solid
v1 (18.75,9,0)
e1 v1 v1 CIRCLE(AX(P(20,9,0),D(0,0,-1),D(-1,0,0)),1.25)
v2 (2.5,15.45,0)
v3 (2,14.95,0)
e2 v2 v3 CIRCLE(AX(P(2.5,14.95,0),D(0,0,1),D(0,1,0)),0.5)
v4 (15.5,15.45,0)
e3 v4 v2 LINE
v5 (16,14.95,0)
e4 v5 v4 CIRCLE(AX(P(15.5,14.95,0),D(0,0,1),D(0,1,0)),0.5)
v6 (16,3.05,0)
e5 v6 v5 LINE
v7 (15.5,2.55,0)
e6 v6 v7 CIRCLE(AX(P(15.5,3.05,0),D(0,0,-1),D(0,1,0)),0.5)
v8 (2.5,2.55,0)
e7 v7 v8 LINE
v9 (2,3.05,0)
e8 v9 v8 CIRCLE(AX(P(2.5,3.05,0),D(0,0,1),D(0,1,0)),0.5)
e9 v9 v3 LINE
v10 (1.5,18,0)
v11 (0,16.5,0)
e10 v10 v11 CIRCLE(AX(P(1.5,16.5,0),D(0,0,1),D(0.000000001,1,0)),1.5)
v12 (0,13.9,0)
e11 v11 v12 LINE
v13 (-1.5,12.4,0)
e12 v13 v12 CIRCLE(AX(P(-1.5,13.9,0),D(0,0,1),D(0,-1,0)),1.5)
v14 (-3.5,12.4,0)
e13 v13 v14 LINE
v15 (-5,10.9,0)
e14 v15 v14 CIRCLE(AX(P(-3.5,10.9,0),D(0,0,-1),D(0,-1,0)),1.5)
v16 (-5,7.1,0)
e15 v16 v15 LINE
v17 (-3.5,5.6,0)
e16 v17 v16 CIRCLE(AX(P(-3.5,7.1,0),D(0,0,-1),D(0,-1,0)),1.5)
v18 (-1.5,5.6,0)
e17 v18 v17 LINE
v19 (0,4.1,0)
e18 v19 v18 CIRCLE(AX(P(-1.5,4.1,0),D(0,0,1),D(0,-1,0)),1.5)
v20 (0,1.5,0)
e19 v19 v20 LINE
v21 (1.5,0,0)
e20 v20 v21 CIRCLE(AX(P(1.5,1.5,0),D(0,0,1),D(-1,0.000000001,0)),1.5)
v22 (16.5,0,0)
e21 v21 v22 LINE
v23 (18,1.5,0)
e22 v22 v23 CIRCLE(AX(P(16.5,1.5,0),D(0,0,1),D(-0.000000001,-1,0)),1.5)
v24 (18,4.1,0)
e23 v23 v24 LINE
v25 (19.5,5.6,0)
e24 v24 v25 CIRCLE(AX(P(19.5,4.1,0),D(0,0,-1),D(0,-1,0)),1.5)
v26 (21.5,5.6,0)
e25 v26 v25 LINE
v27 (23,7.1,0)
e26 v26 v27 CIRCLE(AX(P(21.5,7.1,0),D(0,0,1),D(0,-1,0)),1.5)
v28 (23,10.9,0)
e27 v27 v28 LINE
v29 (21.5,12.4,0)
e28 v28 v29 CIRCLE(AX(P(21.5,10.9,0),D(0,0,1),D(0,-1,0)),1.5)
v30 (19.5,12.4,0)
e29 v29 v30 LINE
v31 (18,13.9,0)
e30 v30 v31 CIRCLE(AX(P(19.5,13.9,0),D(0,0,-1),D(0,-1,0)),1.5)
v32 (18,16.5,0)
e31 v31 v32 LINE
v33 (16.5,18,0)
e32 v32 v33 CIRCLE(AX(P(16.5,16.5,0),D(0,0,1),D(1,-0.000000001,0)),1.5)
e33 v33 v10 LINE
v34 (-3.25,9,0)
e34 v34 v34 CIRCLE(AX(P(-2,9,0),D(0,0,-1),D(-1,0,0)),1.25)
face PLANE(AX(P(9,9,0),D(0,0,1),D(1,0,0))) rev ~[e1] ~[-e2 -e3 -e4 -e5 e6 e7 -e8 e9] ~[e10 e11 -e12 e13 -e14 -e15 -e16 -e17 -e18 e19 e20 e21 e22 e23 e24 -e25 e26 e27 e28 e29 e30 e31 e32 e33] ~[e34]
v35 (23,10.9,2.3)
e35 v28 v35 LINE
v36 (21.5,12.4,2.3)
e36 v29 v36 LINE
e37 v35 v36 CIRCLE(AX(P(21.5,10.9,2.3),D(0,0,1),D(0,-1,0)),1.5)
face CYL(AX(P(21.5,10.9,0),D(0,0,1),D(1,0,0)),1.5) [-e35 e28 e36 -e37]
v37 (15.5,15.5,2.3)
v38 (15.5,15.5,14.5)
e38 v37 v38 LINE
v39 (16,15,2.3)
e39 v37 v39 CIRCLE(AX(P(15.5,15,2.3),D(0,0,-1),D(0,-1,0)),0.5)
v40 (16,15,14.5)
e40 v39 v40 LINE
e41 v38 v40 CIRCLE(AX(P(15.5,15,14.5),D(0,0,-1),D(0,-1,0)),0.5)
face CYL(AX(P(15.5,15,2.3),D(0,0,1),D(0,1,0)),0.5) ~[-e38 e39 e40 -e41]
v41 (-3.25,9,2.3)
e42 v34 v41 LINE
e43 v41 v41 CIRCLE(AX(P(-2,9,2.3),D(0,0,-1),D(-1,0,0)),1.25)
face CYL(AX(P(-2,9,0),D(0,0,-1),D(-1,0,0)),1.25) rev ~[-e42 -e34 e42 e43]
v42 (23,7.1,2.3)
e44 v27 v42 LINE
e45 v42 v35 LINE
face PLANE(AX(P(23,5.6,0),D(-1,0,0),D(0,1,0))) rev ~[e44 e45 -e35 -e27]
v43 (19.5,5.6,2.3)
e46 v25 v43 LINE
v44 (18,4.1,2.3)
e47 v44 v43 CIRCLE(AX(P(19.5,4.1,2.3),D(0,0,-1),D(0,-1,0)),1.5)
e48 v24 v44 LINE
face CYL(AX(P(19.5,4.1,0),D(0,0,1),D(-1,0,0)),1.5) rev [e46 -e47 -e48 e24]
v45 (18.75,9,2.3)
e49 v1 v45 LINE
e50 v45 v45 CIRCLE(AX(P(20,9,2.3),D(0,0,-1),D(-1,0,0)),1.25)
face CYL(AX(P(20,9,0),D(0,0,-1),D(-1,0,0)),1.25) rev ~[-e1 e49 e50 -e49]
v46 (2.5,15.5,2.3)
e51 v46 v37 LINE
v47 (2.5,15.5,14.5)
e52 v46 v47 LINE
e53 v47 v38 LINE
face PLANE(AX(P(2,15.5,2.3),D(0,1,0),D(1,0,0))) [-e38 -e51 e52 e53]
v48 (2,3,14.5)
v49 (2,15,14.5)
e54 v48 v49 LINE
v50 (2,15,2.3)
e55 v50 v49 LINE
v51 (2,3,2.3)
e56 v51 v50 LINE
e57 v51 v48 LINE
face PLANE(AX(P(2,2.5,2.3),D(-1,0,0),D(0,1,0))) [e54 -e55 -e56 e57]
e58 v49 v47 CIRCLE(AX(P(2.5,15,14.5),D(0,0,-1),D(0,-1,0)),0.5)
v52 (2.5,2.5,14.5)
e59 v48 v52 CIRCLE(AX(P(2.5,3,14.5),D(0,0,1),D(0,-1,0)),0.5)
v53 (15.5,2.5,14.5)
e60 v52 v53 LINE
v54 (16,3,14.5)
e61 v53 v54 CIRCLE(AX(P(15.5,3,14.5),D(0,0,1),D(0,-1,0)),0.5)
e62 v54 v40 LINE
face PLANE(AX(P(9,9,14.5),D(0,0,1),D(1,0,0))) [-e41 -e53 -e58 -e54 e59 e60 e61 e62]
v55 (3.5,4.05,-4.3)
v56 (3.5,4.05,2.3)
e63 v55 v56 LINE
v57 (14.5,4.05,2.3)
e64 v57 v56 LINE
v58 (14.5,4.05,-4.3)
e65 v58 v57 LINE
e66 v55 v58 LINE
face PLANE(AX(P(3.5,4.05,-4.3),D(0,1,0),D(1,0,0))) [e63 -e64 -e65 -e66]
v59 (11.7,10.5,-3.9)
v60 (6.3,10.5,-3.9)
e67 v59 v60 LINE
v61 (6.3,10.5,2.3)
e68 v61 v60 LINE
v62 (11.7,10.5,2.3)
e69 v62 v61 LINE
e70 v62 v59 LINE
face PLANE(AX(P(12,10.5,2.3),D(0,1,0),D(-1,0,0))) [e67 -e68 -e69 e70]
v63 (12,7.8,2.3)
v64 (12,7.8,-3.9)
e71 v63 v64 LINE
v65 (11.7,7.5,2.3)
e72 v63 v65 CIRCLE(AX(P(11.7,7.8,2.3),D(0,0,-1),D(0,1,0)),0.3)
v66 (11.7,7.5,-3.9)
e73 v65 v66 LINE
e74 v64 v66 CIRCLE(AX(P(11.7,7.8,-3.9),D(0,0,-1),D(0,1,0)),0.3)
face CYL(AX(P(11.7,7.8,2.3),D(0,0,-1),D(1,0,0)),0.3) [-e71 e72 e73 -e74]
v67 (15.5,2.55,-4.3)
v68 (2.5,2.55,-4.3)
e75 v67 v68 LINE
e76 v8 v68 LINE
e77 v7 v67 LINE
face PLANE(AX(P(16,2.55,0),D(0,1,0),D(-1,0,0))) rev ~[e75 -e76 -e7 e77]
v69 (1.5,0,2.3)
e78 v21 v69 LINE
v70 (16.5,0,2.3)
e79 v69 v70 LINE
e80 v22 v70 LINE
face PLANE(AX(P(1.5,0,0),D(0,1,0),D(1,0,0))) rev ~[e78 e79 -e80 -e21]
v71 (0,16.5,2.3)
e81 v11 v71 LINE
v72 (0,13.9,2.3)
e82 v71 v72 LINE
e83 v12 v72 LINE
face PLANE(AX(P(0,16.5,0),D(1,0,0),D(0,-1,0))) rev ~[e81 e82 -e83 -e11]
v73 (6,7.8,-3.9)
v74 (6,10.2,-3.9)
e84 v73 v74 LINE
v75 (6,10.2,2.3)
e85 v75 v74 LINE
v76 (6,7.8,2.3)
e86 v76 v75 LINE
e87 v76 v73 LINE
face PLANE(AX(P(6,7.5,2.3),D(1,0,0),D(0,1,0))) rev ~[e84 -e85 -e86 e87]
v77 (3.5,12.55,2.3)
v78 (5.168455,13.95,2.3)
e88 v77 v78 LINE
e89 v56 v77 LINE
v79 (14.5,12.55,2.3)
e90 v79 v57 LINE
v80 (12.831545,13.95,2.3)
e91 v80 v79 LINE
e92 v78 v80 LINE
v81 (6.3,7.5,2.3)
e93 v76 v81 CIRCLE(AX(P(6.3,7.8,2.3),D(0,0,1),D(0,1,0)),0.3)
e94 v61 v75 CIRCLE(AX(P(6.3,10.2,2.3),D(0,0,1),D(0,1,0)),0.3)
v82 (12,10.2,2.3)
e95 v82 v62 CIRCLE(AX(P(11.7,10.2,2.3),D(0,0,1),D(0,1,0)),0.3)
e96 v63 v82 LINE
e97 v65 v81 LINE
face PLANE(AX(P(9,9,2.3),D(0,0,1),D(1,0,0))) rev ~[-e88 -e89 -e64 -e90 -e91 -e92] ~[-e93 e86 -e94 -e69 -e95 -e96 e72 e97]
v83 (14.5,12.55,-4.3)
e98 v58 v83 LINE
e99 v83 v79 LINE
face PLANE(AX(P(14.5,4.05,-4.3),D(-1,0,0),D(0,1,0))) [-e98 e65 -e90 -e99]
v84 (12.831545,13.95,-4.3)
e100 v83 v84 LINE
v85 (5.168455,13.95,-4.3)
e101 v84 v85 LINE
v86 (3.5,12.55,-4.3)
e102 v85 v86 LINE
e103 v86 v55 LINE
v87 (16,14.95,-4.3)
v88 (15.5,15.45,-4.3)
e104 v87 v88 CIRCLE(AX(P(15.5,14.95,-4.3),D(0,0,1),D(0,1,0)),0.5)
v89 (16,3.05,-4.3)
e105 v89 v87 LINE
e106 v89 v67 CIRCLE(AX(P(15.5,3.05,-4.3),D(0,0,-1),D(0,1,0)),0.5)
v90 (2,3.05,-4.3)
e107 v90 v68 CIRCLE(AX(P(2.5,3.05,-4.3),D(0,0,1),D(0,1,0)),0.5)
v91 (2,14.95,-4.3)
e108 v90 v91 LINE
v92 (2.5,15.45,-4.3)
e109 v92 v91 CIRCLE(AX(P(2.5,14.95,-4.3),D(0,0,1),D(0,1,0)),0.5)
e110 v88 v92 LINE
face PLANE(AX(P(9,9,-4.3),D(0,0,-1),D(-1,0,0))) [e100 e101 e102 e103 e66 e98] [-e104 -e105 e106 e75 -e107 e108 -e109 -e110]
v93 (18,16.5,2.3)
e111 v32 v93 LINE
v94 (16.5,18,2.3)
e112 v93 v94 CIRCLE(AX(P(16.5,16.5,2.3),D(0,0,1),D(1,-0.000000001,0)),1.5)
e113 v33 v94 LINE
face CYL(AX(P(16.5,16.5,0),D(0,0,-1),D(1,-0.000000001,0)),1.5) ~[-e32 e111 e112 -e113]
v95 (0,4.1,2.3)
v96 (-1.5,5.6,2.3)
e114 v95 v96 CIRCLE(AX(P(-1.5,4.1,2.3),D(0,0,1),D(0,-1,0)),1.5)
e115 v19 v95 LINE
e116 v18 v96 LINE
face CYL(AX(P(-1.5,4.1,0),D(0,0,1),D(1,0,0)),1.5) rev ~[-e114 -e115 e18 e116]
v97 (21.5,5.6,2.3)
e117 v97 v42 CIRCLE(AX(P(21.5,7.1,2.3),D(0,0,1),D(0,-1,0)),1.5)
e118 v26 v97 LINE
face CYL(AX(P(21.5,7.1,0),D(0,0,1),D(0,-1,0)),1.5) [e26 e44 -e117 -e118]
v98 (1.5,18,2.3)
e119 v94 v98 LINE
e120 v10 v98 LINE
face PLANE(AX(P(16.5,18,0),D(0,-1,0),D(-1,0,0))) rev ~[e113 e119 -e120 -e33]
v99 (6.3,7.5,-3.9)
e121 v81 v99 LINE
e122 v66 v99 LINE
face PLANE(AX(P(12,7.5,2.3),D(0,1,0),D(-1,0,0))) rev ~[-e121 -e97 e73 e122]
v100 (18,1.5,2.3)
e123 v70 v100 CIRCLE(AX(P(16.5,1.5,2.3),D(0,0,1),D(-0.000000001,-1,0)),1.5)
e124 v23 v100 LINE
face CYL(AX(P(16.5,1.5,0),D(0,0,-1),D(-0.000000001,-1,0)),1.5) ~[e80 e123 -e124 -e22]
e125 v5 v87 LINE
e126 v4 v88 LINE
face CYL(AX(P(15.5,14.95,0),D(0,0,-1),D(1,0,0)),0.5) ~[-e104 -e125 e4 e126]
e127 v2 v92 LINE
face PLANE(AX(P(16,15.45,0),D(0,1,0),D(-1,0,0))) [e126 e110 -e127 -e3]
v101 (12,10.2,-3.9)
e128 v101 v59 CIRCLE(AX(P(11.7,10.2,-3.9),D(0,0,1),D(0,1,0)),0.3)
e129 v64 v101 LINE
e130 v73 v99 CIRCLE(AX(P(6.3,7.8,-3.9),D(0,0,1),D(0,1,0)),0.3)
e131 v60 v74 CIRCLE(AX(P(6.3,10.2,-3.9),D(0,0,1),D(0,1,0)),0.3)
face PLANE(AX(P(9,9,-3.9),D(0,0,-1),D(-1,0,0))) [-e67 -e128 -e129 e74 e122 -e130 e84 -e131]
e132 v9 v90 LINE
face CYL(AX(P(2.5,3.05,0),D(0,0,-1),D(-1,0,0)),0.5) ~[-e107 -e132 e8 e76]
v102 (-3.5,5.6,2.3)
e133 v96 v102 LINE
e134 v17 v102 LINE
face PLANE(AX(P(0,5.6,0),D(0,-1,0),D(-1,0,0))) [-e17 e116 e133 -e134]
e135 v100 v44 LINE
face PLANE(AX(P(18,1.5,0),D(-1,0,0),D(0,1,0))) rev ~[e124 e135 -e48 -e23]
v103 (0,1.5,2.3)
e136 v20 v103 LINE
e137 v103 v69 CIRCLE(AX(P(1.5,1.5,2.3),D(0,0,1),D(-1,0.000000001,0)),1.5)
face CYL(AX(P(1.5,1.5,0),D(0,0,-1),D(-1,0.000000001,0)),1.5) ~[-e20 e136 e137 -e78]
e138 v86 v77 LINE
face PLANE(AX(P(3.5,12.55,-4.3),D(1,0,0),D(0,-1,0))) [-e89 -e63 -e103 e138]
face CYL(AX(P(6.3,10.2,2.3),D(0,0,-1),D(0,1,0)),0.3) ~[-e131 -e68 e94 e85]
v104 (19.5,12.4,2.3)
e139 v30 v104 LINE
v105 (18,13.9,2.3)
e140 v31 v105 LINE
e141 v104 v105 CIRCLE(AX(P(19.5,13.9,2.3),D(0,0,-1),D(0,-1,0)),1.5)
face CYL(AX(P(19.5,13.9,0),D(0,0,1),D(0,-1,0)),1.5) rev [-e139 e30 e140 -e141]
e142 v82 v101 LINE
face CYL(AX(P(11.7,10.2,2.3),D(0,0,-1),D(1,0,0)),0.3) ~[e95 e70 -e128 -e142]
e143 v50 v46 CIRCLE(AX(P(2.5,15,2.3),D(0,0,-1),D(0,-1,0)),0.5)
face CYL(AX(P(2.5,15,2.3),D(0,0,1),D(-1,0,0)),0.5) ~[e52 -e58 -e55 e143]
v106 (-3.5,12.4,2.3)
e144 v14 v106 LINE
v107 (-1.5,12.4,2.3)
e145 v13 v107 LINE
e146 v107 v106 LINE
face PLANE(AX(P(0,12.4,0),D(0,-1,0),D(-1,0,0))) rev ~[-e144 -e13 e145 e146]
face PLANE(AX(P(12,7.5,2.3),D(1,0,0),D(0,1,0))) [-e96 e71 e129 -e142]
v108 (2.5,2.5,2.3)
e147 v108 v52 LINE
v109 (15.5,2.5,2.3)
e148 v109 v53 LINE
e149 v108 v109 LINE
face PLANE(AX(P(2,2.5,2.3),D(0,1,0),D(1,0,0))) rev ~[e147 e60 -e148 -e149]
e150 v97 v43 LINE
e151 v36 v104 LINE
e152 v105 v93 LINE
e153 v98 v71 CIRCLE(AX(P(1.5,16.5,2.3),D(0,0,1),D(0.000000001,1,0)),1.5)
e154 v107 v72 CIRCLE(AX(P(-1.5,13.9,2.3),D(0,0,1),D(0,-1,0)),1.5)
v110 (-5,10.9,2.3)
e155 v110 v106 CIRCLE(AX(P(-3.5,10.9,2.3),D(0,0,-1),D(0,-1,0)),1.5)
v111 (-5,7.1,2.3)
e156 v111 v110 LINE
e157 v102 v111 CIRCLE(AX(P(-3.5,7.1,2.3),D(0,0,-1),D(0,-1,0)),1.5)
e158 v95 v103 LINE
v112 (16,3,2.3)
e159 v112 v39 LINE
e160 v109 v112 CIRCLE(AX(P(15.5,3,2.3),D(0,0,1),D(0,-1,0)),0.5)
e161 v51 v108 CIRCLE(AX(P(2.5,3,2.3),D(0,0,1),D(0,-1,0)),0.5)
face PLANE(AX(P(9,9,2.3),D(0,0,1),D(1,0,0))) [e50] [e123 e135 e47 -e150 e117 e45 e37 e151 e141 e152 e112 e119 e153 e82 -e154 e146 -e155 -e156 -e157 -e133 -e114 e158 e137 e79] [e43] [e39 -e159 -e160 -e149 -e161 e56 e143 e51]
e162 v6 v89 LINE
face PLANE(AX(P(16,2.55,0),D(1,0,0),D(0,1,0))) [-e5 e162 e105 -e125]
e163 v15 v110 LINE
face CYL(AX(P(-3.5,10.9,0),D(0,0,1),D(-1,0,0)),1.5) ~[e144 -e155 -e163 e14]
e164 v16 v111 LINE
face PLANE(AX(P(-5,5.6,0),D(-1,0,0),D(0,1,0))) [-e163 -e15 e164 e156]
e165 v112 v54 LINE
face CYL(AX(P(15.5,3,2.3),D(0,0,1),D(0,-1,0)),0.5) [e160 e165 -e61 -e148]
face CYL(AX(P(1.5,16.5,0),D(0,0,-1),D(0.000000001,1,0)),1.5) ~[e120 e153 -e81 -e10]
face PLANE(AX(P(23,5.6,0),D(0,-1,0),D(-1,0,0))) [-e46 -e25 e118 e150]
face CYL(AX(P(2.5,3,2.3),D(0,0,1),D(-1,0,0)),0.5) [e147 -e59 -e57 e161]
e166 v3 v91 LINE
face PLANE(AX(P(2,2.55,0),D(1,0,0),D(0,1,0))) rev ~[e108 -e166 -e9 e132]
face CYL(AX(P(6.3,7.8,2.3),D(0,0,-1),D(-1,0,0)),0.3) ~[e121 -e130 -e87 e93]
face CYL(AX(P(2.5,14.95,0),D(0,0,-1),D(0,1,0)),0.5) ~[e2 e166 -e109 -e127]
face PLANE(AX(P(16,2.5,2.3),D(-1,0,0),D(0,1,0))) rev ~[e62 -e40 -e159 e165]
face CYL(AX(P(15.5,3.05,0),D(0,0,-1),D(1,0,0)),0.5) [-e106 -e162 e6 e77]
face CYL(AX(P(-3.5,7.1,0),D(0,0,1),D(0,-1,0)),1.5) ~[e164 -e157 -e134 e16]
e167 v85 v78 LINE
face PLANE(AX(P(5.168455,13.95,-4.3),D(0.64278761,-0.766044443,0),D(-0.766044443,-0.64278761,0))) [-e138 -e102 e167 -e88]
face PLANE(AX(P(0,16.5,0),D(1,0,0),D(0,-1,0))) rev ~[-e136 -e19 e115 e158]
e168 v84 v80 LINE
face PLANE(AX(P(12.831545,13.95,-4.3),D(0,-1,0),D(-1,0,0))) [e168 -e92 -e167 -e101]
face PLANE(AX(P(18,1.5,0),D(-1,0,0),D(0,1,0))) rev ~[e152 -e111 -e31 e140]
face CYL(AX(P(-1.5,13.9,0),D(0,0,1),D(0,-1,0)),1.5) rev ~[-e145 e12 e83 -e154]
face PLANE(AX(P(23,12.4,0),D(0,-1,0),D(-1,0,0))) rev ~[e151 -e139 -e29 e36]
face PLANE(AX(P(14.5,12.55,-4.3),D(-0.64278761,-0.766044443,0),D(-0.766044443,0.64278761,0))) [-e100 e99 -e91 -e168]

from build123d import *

# Parameters (mm, degrees)
EXTRUDE_1_DEPTH     = 2.3
SKETCH_2_W          = 14
SKETCH_2_H          = 12.9
EXTRUDE_2_DEPTH     = 4.3
CUT_EXTRUDE_1_DEPTH = 27.297528401
SKETCH_4_W          = 14
SKETCH_4_H          = 13
EXTRUDE_3_DEPTH     = 12.2
FILLET_1_R          = 0.5
SKETCH_5_W          = 6
SKETCH_5_H          = 3
EXTRUDE_4_DEPTH     = 6.2
SKETCH_6_W          = 5
SKETCH_6_H          = 6.8
EXTRUDE_5_DEPTH     = 2.3
SKETCH_7_R          = 1.25
CUT_EXTRUDE_2_DEPTH = 33.607514471
FILLET_2_R          = 1.5
FILLET_3_R          = 0.3


with BuildPart() as part:
    # Эскиз1 → Бобышка-Вытянуть1 (new body)
    with BuildSketch(Plane.XY):
        with BuildLine():
            Line((1.5, 0), (16.5, 0))
            ThreePointArc((16.5, 0), (17.560660172, 0.439339828), (18, 1.5))
            Line((18, 1.5), (18, 16.5))
            ThreePointArc((18, 16.5), (17.560660172, 17.560660172), (16.5, 18))
            Line((16.5, 18), (1.5, 18))
            ThreePointArc((1.5, 18), (0.439339828, 17.560660172), (0, 16.5))
            Line((0, 16.5), (0, 1.5))
            ThreePointArc((0, 1.5), (0.439339828, 0.439339828), (1.5, 0))
        make_face()
    extrude(amount=EXTRUDE_1_DEPTH)

    # Эскиз2 → Бобышка-Вытянуть2 (add)
    with BuildSketch(Plane(origin=(0, 0, 0), x_dir=(-1, 0, 0), z_dir=(0, 0, -1))):
        with Locations((-9, 9)):
            Rectangle(SKETCH_2_W, SKETCH_2_H)
    extrude(amount=EXTRUDE_2_DEPTH)

    # Эскиз3 → Вырез-Вытянуть1 (cut, through all)
    with BuildSketch(Plane(origin=(0, 0, -4.3), x_dir=(-1, 0, 0), z_dir=(0, 0, -1))):
        Polygon((-14.5, 12.55), (-12.83154497, 13.95), (-5.16845503, 13.95), (-3.5, 12.55), (-3.5, 4.05), (-14.5, 4.05), align=None)
    extrude(amount=-CUT_EXTRUDE_1_DEPTH, mode=Mode.SUBTRACT)

    # Эскиз4 → Бобышка-Вытянуть3 (add)
    with BuildSketch(Plane.XY.offset(2.3)):
        with Locations((9, 9)):
            Rectangle(SKETCH_4_W, SKETCH_4_H)
    extrude(amount=EXTRUDE_3_DEPTH)

    # Скругление1
    fillet_1_edges = [part.edges().sort_by_distance(p)[0] for p in [
        (16, 15.45, -2.15),
        (16, 2.55, -2.15),
        (2, 2.55, -2.15),
        (2, 15.45, -2.15),
        (2, 15.5, 8.4),
        (2, 2.5, 8.4),
        (16, 2.5, 8.4),
        (16, 15.5, 8.4),
    ]]
    fillet(fillet_1_edges, radius=FILLET_1_R)

    # Эскиз5 → Бобышка-Вытянуть4 (add)
    with BuildSketch(Plane(origin=(0, 0, 2.3), x_dir=(-1, 0, 0), z_dir=(0, 0, -1))):
        with Locations((-9, 9)):
            Rectangle(SKETCH_5_W, SKETCH_5_H)
    extrude(amount=EXTRUDE_4_DEPTH)

    # Эскиз6 → Бобышка-Вытянуть5 (add)
    with BuildSketch(Plane(origin=(0, 0, 0), x_dir=(-1, 0, 0), z_dir=(0, 0, -1))):
        with Locations((-20.5, 9)):
            Rectangle(SKETCH_6_W, SKETCH_6_H)
        with Locations((2.5, 9)):
            Rectangle(SKETCH_6_W, SKETCH_6_H)
    extrude(amount=-EXTRUDE_5_DEPTH)

    # Эскиз7 → Вырез-Вытянуть2 (cut, through all)
    with BuildSketch(Plane(origin=(0, 0, 0), x_dir=(-1, 0, 0), z_dir=(0, 0, -1))):
        with Locations((-20, 9)):
            Circle(SKETCH_7_R)
        with Locations((2, 9)):
            Circle(SKETCH_7_R)
    extrude(amount=-CUT_EXTRUDE_2_DEPTH, mode=Mode.SUBTRACT)

    # Скругление2
    fillet_2_edges = [part.edges().sort_by_distance(p)[0] for p in [
        (18, 12.4, 1.15),
        (18, 5.6, 1.15),
        (23, 5.6, 1.15),
        (23, 12.4, 1.15),
        (0, 5.6, 1.15),
        (0, 12.4, 1.15),
        (-5, 12.4, 1.15),
        (-5, 5.6, 1.15),
    ]]
    fillet(fillet_2_edges, radius=FILLET_2_R)

    # Скругление3
    fillet_3_edges = [part.edges().sort_by_distance(p)[0] for p in [
        (12, 10.5, -0.8),
        (12, 7.5, -0.8),
        (6, 7.5, -0.8),
        (6, 10.5, -0.8),
    ]]
    fillet(fillet_3_edges, radius=FILLET_3_R)


solid = part.part
